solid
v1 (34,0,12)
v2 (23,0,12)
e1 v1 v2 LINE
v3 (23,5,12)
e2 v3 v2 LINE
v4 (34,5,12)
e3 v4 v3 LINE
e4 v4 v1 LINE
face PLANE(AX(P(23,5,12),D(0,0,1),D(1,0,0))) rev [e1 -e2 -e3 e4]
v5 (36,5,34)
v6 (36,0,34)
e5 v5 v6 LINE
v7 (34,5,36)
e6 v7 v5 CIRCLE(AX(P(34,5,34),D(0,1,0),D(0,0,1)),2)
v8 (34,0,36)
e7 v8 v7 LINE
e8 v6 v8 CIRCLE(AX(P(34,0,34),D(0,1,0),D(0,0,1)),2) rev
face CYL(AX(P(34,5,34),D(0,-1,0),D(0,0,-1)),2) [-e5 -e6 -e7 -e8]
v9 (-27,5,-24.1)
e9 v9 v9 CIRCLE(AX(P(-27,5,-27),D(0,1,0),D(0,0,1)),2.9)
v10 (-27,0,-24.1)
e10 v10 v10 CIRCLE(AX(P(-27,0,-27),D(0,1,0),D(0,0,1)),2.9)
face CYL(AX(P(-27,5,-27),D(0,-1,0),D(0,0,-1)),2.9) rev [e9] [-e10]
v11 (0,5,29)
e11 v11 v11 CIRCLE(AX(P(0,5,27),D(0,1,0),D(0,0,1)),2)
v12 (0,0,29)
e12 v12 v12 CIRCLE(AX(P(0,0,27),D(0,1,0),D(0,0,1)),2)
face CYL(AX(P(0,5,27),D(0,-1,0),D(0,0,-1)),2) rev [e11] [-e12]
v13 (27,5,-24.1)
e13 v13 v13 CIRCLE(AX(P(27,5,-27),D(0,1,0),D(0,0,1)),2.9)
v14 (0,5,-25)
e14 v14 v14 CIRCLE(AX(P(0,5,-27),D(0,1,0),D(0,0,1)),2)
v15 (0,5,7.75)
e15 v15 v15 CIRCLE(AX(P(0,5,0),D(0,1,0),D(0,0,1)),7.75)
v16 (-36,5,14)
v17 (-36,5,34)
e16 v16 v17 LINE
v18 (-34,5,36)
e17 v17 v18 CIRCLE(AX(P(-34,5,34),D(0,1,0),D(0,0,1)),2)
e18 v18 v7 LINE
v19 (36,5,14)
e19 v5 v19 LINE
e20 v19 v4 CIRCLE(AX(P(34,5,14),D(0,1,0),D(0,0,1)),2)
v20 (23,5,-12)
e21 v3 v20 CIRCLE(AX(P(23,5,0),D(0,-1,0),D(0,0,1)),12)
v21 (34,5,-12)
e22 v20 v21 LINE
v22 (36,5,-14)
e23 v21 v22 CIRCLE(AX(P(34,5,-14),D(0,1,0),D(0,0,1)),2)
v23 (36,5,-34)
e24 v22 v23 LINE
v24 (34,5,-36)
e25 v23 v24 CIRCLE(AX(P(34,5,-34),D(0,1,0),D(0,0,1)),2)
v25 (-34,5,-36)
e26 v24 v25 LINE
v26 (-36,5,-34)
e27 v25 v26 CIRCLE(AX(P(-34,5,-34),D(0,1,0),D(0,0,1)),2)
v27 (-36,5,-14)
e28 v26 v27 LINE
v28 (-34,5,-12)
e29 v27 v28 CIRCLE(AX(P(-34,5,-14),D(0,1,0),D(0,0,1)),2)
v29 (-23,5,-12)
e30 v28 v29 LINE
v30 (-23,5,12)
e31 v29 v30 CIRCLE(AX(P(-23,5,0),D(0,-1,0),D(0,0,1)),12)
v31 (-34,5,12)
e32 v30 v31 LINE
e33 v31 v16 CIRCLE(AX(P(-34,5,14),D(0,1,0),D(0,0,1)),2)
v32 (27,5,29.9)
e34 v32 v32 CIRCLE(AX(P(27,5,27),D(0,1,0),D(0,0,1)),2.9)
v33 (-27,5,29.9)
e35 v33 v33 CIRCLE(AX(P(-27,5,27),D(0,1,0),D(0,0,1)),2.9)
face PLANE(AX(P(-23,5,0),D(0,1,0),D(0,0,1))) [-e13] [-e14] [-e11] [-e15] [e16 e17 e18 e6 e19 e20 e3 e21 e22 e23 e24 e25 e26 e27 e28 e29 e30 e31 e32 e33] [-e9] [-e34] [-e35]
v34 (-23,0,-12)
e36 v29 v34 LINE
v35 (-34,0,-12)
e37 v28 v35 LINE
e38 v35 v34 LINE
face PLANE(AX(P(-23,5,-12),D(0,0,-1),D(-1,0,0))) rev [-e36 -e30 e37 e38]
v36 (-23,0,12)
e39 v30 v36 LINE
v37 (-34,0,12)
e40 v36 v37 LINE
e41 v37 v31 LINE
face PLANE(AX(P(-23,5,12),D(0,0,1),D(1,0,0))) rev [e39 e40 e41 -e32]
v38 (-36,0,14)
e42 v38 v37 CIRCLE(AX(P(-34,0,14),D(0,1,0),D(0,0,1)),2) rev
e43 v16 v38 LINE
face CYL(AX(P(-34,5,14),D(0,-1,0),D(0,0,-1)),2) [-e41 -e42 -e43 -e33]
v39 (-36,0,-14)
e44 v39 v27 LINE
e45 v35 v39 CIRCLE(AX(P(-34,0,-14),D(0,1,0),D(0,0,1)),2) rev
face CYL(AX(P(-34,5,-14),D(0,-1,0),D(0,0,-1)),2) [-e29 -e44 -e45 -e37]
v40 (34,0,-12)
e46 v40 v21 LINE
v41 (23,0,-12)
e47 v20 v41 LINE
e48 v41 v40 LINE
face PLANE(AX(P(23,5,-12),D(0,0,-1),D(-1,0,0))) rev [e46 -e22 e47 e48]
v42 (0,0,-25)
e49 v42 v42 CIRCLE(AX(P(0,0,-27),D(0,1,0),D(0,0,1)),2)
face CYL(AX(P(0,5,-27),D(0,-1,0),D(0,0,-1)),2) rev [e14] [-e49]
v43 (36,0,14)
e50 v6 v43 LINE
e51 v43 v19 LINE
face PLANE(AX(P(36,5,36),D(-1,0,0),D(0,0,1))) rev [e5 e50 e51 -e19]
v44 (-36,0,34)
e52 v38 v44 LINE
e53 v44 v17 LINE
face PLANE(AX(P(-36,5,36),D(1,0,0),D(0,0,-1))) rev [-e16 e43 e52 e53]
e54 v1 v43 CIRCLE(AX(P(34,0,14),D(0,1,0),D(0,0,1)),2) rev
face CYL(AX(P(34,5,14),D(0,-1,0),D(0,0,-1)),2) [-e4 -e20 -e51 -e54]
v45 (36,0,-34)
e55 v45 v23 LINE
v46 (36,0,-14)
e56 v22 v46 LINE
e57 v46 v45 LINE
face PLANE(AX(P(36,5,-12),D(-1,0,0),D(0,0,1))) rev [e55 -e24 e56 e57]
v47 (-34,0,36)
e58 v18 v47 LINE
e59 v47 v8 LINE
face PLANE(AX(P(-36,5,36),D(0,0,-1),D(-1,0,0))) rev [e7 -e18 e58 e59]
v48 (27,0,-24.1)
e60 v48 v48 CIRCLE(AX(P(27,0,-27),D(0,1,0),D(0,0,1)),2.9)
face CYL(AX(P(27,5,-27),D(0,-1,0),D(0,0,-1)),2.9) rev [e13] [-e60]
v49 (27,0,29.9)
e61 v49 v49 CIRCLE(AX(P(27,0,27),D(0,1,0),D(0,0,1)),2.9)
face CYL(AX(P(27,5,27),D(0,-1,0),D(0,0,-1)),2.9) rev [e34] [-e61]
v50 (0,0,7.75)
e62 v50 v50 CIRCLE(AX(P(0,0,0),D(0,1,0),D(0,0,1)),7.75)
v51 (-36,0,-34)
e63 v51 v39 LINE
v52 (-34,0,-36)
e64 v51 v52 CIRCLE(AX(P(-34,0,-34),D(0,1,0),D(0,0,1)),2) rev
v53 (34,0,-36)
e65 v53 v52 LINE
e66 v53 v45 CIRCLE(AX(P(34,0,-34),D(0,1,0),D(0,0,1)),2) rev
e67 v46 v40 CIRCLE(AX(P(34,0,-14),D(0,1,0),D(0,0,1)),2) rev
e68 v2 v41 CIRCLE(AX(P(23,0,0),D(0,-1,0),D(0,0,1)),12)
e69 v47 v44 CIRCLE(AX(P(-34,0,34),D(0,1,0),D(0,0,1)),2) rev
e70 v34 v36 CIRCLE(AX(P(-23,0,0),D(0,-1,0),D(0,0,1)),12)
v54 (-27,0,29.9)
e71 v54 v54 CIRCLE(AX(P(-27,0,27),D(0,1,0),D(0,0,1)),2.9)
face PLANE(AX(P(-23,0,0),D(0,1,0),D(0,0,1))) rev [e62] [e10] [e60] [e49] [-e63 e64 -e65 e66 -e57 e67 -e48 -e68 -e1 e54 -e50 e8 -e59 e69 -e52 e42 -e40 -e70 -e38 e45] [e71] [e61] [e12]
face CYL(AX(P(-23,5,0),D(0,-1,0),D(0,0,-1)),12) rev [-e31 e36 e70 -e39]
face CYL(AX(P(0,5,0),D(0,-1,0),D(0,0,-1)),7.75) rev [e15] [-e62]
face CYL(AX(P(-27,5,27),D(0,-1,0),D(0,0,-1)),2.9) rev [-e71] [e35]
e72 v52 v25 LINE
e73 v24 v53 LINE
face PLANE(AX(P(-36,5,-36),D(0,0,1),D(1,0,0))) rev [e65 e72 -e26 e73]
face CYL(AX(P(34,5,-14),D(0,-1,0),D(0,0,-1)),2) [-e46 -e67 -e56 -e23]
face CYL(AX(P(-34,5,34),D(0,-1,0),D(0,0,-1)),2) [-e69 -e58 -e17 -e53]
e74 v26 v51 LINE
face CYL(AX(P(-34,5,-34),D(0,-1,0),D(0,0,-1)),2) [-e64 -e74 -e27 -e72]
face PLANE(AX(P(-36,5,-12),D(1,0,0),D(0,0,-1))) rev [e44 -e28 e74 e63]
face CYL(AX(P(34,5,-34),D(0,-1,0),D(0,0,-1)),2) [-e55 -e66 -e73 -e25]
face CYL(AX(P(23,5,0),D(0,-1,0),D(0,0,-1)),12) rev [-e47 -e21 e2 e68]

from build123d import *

# Parameters (mm, degrees)
SKETCH2_R           = 7.75
SKETCH2_R_2         = 2.9
SKETCH2_R_3         = 2
BOSS_EXTRUDE1_DEPTH = 5
FILLET1_R           = 2
FILLET2_R           = 2


with BuildPart() as part:
    # Sketch2 → Boss-Extrude1 (new body)
    with BuildSketch(Plane(origin=(0, 0, 0), x_dir=(1, 0, 0), z_dir=(0, 1, 0))):
        with BuildLine():
            Line((-36, 12), (-36, 36))
            Line((-36, 36), (36, 36))
            Line((36, 36), (36, 12))
            Line((36, 12), (23, 12))
            ThreePointArc((23, 12), (11, 0), (23, -12))
            Line((23, -12), (36, -12))
            Line((36, -12), (36, -36))
            Line((36, -36), (-36, -36))
            Line((-36, -36), (-36, -12))
            Line((-36, -12), (-23, -12))
            ThreePointArc((-23, -12), (-11, 0), (-23, 12))
            Line((-23, 12), (-36, 12))
        make_face()
        with Locations(Location((0, 0, 0), (0, 0, 270))):
            Circle(SKETCH2_R, mode=Mode.SUBTRACT)
        with Locations(Location((-27, 27, 0), (0, 0, 270))):
            Circle(SKETCH2_R_2, mode=Mode.SUBTRACT)
        with Locations(Location((27, 27, 0), (0, 0, 270))):
            Circle(SKETCH2_R_2, mode=Mode.SUBTRACT)
        with Locations(Location((27, -27, 0), (0, 0, 270))):
            Circle(SKETCH2_R_2, mode=Mode.SUBTRACT)
        with Locations(Location((-27, -27, 0), (0, 0, 270))):
            Circle(SKETCH2_R_2, mode=Mode.SUBTRACT)
        with Locations(Location((0, -27, 0), (0, 0, 270))):
            Circle(SKETCH2_R_3, mode=Mode.SUBTRACT)
        with Locations(Location((0, 27, 0), (0, 0, 270))):
            Circle(SKETCH2_R_3, mode=Mode.SUBTRACT)
    extrude(amount=BOSS_EXTRUDE1_DEPTH)

    # Fillet1
    fillet1_edges = [part.edges().sort_by_distance(p)[0] for p in [
        (36, 2.5, 36),
        (-36, 2.5, 36),
        (-36, 2.5, -36),
        (36, 2.5, -36),
    ]]
    fillet(fillet1_edges, radius=FILLET1_R)

    # Fillet2
    fillet2_edges = [part.edges().sort_by_distance(p)[0] for p in [
        (36, 2.5, -12),
        (36, 2.5, 12),
        (-36, 2.5, 12),
        (-36, 2.5, -12),
    ]]
    fillet(fillet2_edges, radius=FILLET2_R)


solid = part.part
